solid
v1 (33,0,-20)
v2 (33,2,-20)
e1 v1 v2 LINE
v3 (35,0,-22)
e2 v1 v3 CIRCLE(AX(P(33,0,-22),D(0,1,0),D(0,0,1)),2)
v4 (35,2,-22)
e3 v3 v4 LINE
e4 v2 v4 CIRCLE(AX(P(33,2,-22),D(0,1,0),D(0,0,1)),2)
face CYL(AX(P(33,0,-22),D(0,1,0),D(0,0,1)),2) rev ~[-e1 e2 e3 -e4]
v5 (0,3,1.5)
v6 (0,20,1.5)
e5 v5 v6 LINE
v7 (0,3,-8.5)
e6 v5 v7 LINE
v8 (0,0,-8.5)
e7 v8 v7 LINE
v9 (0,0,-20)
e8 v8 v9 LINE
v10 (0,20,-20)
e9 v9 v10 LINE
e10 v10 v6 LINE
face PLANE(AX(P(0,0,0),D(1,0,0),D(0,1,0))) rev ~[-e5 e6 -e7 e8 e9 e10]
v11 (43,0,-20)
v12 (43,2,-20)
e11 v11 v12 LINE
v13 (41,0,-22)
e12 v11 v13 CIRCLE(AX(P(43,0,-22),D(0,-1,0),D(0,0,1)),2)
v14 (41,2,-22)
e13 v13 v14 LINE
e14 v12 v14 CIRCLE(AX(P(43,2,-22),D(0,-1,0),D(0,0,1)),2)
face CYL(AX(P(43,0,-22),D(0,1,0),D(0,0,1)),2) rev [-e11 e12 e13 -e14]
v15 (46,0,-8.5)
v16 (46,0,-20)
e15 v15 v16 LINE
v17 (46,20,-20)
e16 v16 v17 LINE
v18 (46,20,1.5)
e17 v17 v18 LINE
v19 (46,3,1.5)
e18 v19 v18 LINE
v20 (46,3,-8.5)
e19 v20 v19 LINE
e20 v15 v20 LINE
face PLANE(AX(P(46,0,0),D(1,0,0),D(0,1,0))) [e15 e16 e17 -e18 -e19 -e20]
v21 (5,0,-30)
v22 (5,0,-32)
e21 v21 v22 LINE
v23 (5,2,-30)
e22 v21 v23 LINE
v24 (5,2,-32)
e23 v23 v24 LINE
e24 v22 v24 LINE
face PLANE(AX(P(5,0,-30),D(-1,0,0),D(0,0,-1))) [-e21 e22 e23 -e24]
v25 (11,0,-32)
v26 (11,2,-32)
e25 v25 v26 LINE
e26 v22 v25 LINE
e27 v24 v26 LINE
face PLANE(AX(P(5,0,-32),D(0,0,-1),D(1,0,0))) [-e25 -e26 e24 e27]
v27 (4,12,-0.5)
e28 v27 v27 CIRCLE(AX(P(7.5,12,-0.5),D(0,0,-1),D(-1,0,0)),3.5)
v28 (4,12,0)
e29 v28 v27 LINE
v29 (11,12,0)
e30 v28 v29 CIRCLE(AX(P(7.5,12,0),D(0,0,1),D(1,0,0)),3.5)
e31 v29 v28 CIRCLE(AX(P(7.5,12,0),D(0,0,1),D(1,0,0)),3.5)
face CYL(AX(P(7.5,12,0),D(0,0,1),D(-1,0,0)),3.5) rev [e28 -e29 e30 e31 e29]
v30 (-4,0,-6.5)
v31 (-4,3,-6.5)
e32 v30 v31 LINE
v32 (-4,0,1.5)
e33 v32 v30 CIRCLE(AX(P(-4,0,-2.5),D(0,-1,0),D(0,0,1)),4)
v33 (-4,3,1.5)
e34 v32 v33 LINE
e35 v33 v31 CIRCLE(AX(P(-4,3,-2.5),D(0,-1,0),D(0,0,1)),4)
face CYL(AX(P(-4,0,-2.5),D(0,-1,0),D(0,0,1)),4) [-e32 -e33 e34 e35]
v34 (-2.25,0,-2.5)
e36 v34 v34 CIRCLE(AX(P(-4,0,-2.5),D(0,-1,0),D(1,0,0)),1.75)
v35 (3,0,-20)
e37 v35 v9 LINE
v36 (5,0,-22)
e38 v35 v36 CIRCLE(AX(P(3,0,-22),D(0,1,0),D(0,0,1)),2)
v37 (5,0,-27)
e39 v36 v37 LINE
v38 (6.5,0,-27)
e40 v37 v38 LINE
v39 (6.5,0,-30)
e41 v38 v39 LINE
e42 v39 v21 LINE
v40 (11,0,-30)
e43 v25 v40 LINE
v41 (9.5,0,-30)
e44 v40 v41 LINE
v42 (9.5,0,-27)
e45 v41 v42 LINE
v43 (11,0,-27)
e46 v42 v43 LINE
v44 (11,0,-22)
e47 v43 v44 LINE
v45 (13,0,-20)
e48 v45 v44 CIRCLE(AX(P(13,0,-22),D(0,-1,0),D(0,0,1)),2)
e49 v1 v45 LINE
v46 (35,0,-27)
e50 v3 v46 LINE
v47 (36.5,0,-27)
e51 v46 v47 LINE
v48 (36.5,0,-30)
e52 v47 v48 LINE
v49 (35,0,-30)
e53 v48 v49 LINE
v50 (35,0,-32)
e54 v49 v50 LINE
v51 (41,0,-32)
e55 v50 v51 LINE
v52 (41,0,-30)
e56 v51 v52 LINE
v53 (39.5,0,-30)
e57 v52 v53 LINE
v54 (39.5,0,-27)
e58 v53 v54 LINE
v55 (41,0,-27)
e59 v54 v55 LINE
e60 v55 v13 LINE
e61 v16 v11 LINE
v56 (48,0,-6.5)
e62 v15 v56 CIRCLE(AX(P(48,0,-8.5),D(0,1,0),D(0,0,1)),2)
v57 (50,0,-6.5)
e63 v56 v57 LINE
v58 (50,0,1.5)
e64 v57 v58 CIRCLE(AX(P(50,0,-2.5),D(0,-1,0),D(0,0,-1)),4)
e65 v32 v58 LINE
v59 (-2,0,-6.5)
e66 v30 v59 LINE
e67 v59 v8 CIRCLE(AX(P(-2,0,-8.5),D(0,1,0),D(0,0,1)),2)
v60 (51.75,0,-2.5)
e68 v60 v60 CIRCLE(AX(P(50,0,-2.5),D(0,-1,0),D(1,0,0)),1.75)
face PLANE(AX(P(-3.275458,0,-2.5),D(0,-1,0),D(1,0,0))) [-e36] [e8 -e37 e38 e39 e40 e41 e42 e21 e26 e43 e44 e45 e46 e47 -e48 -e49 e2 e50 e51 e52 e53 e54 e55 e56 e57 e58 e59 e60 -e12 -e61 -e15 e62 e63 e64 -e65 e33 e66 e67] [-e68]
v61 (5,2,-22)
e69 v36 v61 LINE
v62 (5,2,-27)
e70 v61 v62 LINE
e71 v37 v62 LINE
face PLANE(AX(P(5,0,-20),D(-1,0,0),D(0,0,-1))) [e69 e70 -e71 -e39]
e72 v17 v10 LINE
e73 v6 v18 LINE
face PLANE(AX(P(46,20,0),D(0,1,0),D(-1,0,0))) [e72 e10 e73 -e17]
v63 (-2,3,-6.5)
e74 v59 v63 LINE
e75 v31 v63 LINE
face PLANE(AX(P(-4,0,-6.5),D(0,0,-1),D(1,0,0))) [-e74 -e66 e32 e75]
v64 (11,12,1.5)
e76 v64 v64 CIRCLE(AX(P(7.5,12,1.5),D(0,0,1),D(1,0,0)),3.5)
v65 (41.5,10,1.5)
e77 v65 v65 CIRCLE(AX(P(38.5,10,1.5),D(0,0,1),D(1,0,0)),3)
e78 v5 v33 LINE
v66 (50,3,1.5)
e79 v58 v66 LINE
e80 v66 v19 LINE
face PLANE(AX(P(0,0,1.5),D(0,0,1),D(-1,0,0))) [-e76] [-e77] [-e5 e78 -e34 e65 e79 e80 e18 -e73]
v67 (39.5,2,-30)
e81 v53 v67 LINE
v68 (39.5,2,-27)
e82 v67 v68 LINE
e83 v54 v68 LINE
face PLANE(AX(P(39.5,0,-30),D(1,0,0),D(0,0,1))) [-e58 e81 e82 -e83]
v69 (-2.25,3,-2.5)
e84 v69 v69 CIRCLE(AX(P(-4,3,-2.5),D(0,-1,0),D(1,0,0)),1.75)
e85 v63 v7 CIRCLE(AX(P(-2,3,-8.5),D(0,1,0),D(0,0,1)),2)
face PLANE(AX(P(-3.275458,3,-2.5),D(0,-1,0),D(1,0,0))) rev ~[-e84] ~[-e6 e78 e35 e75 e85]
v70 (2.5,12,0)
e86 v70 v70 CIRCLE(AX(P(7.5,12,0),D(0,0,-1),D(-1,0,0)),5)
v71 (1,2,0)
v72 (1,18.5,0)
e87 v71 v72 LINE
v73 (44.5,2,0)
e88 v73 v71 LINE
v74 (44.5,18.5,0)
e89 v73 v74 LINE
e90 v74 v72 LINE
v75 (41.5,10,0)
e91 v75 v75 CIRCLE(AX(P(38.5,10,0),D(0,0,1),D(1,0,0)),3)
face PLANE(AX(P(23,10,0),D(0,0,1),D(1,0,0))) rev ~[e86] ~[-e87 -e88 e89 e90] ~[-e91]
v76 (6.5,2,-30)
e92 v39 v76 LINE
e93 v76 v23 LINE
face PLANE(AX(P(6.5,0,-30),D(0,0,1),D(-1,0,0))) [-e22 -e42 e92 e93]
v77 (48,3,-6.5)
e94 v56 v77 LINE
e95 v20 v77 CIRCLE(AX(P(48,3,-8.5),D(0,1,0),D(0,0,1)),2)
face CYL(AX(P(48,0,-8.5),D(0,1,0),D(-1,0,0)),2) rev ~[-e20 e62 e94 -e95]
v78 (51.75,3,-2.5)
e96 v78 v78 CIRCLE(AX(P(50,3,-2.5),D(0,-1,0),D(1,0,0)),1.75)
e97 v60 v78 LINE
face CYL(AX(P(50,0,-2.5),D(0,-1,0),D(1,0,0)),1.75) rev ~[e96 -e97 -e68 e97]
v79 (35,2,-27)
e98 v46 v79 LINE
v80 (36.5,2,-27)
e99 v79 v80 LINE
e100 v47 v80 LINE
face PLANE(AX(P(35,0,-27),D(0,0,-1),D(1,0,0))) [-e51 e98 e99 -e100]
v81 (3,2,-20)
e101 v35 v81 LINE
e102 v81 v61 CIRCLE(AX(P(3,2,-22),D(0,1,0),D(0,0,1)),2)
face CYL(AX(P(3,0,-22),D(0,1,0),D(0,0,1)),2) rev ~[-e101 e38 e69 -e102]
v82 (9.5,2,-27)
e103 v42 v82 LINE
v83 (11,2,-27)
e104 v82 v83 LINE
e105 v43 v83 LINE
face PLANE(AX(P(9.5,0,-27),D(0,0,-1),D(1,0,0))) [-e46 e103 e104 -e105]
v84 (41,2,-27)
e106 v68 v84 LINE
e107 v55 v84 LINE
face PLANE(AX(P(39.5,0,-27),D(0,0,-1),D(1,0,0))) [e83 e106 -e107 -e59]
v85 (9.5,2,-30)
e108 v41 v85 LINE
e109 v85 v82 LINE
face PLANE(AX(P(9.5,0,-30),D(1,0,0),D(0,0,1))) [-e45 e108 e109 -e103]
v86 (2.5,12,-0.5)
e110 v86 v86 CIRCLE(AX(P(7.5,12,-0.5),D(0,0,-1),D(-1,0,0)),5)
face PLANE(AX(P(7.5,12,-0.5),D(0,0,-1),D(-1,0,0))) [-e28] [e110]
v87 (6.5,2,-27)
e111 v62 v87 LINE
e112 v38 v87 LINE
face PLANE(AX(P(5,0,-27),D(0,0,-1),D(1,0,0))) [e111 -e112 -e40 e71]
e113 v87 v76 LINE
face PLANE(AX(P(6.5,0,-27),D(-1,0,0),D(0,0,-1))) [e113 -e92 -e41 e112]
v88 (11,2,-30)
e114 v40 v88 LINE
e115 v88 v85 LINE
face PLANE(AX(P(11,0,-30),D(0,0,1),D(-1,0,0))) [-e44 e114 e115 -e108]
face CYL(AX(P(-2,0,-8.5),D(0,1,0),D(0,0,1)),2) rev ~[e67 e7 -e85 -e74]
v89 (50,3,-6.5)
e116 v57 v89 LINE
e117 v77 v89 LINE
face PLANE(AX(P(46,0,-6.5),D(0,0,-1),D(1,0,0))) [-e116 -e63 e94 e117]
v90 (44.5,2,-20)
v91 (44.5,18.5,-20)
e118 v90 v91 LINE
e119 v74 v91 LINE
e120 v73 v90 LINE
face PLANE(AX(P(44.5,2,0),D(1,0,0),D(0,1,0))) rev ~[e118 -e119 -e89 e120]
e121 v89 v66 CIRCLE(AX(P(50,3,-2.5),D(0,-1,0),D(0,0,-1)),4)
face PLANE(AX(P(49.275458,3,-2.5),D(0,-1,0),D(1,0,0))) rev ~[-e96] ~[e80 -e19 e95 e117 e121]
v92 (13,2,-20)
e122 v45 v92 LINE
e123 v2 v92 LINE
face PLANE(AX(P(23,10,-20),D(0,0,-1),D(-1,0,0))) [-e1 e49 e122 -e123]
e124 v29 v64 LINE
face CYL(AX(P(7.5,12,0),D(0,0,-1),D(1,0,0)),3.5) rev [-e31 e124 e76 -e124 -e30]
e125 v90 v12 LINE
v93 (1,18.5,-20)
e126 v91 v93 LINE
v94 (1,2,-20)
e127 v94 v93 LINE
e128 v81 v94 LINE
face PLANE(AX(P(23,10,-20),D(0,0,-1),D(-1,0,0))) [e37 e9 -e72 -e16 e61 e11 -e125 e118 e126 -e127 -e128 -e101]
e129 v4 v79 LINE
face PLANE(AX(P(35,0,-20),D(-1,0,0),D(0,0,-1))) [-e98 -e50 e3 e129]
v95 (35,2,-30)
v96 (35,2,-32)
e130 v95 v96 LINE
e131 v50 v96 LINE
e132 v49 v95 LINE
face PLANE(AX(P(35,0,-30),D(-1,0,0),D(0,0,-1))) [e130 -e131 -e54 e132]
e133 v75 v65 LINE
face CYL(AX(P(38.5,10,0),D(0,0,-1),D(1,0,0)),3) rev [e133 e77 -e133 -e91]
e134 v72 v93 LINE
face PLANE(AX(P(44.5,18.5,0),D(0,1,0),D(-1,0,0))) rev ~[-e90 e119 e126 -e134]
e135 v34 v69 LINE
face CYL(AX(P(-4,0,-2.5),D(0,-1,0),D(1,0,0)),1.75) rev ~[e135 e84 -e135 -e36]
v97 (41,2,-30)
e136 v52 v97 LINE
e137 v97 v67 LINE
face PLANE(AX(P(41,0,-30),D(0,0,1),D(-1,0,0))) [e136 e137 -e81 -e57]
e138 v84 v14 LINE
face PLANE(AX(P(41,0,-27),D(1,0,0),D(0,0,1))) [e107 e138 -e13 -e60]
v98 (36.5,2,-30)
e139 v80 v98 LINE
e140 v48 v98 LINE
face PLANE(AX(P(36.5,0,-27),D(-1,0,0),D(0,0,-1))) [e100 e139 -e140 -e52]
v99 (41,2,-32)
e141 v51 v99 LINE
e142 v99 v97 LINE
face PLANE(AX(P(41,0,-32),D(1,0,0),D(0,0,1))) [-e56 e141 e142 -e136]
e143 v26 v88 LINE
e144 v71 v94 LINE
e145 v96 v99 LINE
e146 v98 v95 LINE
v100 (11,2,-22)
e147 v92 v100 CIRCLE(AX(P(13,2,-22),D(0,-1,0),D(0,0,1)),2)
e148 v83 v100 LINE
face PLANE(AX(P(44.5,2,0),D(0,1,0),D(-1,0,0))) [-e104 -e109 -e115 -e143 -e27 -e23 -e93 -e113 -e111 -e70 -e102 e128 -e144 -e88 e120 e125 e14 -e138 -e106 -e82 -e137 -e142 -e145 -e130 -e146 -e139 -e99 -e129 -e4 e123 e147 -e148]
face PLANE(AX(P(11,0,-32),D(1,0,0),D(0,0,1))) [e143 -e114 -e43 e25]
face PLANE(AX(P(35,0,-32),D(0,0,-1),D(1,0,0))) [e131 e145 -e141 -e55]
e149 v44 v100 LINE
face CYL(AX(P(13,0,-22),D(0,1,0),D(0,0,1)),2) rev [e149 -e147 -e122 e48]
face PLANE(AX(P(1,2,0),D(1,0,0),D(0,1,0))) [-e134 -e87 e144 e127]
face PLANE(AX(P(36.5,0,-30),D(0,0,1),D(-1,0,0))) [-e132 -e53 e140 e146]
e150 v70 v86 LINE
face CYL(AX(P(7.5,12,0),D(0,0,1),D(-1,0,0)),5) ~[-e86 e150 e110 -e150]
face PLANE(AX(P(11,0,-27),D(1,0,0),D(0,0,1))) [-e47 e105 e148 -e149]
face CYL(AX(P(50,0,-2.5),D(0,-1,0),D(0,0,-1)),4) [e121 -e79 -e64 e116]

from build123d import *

# Parameters (mm, degrees)
SKETCH_1_W      = 46
SKETCH_1_H      = 20
SKETCH_1_R      = 3.5
SKETCH_1_R_2    = 3
EXTRUDE_1_DEPTH = 1.5
SKETCH_2_R      = 5
SKETCH_2_R_2    = 3.5
EXTRUDE_2_DEPTH = 0.5
SKETCH_3_W      = 46
SKETCH_3_H      = 20
SKETCH_3_W_2    = 43.5
SKETCH_3_H_2    = 16.5
EXTRUDE_3_DEPTH = 20
SKETCH_4_R      = 1.75
EXTRUDE_4_DEPTH = 3
FILLET_1_R      = 2
EXTRUDE_5_DEPTH = 2
FILLET_2_R      = 2


with BuildPart() as part:
    # Эскиз1 → Бобышка-Вытянуть1 (new body)
    with BuildSketch(Plane.XY):
        with Locations((23, 10)):
            Rectangle(SKETCH_1_W, SKETCH_1_H)
        with Locations((7.5, 12)):
            Circle(SKETCH_1_R, mode=Mode.SUBTRACT)
        with Locations((38.5, 10)):
            Circle(SKETCH_1_R_2, mode=Mode.SUBTRACT)
    extrude(amount=EXTRUDE_1_DEPTH)

    # Эскиз2 → Бобышка-Вытянуть2 (add)
    with BuildSketch(Plane(origin=(0, 0, 0), x_dir=(-1, 0, 0), z_dir=(0, 0, -1))):
        with Locations((-7.5, 12)):
            Circle(SKETCH_2_R)
        with Locations((-7.5, 12)):
            Circle(SKETCH_2_R_2, mode=Mode.SUBTRACT)
    extrude(amount=EXTRUDE_2_DEPTH)

    # Эскиз3 → Бобышка-Вытянуть3 (add)
    with BuildSketch(Plane(origin=(0, 0, 0), x_dir=(-1, 0, 0), z_dir=(0, 0, -1))):
        with Locations((-23, 10)):
            Rectangle(SKETCH_3_W, SKETCH_3_H)
        with Locations((-22.75, 10.25)):
            Rectangle(SKETCH_3_W_2, SKETCH_3_H_2, mode=Mode.SUBTRACT)
    extrude(amount=EXTRUDE_3_DEPTH)

    # Эскиз4 → Бобышка-Вытянуть4 (add)
    with BuildSketch(Plane.XZ):
        with BuildLine():
            Line((0, 1.5), (-4, 1.5))
            ThreePointArc((-4, 1.5), (-8, -2.5), (-4, -6.5))
            Line((-4, -6.5), (0, -6.5))
            Line((0, -6.5), (0, 1.5))
        make_face()
        with Locations((-4, -2.5)):
            Circle(SKETCH_4_R, mode=Mode.SUBTRACT)
        with BuildLine():
            Line((50, 1.5), (46, 1.5))
            Line((46, 1.5), (46, -6.5))
            Line((46, -6.5), (50, -6.5))
            ThreePointArc((50, -6.5), (54, -2.5), (50, 1.5))
        make_face()
        with Locations((50, -2.5)):
            Circle(SKETCH_4_R, mode=Mode.SUBTRACT)
    extrude(amount=-EXTRUDE_4_DEPTH)

    # Скругление1
    fillet_1_edges = [part.edges().sort_by_distance(p)[0] for p in [
        (0, 1.5, -6.5),
        (46, 1.5, -6.5),
    ]]
    fillet(fillet_1_edges, radius=FILLET_1_R)

    # Эскиз5 → Бобышка-Вытянуть5 (add)
    with BuildSketch(Plane.XZ):
        Polygon((41, -20), (35, -20), (35, -27), (36.5, -27), (36.5, -30), (35, -30), (35, -32), (41, -32), (41, -30), (39.5, -30), (39.5, -27), (41, -27), align=None)
        Polygon((11, -20), (5, -20), (5, -27), (6.5, -27), (6.5, -30), (5, -30), (5, -32), (11, -32), (11, -30), (9.5, -30), (9.5, -27), (11, -27), align=None)
    extrude(amount=-EXTRUDE_5_DEPTH)

    # Скругление2
    fillet_2_edges = [part.edges().sort_by_distance(p)[0] for p in [
        (41, 1, -20),
        (35, 1, -20),
        (11, 1, -20),
        (5, 1, -20),
    ]]
    fillet(fillet_2_edges, radius=FILLET_2_R)


solid = part.part
